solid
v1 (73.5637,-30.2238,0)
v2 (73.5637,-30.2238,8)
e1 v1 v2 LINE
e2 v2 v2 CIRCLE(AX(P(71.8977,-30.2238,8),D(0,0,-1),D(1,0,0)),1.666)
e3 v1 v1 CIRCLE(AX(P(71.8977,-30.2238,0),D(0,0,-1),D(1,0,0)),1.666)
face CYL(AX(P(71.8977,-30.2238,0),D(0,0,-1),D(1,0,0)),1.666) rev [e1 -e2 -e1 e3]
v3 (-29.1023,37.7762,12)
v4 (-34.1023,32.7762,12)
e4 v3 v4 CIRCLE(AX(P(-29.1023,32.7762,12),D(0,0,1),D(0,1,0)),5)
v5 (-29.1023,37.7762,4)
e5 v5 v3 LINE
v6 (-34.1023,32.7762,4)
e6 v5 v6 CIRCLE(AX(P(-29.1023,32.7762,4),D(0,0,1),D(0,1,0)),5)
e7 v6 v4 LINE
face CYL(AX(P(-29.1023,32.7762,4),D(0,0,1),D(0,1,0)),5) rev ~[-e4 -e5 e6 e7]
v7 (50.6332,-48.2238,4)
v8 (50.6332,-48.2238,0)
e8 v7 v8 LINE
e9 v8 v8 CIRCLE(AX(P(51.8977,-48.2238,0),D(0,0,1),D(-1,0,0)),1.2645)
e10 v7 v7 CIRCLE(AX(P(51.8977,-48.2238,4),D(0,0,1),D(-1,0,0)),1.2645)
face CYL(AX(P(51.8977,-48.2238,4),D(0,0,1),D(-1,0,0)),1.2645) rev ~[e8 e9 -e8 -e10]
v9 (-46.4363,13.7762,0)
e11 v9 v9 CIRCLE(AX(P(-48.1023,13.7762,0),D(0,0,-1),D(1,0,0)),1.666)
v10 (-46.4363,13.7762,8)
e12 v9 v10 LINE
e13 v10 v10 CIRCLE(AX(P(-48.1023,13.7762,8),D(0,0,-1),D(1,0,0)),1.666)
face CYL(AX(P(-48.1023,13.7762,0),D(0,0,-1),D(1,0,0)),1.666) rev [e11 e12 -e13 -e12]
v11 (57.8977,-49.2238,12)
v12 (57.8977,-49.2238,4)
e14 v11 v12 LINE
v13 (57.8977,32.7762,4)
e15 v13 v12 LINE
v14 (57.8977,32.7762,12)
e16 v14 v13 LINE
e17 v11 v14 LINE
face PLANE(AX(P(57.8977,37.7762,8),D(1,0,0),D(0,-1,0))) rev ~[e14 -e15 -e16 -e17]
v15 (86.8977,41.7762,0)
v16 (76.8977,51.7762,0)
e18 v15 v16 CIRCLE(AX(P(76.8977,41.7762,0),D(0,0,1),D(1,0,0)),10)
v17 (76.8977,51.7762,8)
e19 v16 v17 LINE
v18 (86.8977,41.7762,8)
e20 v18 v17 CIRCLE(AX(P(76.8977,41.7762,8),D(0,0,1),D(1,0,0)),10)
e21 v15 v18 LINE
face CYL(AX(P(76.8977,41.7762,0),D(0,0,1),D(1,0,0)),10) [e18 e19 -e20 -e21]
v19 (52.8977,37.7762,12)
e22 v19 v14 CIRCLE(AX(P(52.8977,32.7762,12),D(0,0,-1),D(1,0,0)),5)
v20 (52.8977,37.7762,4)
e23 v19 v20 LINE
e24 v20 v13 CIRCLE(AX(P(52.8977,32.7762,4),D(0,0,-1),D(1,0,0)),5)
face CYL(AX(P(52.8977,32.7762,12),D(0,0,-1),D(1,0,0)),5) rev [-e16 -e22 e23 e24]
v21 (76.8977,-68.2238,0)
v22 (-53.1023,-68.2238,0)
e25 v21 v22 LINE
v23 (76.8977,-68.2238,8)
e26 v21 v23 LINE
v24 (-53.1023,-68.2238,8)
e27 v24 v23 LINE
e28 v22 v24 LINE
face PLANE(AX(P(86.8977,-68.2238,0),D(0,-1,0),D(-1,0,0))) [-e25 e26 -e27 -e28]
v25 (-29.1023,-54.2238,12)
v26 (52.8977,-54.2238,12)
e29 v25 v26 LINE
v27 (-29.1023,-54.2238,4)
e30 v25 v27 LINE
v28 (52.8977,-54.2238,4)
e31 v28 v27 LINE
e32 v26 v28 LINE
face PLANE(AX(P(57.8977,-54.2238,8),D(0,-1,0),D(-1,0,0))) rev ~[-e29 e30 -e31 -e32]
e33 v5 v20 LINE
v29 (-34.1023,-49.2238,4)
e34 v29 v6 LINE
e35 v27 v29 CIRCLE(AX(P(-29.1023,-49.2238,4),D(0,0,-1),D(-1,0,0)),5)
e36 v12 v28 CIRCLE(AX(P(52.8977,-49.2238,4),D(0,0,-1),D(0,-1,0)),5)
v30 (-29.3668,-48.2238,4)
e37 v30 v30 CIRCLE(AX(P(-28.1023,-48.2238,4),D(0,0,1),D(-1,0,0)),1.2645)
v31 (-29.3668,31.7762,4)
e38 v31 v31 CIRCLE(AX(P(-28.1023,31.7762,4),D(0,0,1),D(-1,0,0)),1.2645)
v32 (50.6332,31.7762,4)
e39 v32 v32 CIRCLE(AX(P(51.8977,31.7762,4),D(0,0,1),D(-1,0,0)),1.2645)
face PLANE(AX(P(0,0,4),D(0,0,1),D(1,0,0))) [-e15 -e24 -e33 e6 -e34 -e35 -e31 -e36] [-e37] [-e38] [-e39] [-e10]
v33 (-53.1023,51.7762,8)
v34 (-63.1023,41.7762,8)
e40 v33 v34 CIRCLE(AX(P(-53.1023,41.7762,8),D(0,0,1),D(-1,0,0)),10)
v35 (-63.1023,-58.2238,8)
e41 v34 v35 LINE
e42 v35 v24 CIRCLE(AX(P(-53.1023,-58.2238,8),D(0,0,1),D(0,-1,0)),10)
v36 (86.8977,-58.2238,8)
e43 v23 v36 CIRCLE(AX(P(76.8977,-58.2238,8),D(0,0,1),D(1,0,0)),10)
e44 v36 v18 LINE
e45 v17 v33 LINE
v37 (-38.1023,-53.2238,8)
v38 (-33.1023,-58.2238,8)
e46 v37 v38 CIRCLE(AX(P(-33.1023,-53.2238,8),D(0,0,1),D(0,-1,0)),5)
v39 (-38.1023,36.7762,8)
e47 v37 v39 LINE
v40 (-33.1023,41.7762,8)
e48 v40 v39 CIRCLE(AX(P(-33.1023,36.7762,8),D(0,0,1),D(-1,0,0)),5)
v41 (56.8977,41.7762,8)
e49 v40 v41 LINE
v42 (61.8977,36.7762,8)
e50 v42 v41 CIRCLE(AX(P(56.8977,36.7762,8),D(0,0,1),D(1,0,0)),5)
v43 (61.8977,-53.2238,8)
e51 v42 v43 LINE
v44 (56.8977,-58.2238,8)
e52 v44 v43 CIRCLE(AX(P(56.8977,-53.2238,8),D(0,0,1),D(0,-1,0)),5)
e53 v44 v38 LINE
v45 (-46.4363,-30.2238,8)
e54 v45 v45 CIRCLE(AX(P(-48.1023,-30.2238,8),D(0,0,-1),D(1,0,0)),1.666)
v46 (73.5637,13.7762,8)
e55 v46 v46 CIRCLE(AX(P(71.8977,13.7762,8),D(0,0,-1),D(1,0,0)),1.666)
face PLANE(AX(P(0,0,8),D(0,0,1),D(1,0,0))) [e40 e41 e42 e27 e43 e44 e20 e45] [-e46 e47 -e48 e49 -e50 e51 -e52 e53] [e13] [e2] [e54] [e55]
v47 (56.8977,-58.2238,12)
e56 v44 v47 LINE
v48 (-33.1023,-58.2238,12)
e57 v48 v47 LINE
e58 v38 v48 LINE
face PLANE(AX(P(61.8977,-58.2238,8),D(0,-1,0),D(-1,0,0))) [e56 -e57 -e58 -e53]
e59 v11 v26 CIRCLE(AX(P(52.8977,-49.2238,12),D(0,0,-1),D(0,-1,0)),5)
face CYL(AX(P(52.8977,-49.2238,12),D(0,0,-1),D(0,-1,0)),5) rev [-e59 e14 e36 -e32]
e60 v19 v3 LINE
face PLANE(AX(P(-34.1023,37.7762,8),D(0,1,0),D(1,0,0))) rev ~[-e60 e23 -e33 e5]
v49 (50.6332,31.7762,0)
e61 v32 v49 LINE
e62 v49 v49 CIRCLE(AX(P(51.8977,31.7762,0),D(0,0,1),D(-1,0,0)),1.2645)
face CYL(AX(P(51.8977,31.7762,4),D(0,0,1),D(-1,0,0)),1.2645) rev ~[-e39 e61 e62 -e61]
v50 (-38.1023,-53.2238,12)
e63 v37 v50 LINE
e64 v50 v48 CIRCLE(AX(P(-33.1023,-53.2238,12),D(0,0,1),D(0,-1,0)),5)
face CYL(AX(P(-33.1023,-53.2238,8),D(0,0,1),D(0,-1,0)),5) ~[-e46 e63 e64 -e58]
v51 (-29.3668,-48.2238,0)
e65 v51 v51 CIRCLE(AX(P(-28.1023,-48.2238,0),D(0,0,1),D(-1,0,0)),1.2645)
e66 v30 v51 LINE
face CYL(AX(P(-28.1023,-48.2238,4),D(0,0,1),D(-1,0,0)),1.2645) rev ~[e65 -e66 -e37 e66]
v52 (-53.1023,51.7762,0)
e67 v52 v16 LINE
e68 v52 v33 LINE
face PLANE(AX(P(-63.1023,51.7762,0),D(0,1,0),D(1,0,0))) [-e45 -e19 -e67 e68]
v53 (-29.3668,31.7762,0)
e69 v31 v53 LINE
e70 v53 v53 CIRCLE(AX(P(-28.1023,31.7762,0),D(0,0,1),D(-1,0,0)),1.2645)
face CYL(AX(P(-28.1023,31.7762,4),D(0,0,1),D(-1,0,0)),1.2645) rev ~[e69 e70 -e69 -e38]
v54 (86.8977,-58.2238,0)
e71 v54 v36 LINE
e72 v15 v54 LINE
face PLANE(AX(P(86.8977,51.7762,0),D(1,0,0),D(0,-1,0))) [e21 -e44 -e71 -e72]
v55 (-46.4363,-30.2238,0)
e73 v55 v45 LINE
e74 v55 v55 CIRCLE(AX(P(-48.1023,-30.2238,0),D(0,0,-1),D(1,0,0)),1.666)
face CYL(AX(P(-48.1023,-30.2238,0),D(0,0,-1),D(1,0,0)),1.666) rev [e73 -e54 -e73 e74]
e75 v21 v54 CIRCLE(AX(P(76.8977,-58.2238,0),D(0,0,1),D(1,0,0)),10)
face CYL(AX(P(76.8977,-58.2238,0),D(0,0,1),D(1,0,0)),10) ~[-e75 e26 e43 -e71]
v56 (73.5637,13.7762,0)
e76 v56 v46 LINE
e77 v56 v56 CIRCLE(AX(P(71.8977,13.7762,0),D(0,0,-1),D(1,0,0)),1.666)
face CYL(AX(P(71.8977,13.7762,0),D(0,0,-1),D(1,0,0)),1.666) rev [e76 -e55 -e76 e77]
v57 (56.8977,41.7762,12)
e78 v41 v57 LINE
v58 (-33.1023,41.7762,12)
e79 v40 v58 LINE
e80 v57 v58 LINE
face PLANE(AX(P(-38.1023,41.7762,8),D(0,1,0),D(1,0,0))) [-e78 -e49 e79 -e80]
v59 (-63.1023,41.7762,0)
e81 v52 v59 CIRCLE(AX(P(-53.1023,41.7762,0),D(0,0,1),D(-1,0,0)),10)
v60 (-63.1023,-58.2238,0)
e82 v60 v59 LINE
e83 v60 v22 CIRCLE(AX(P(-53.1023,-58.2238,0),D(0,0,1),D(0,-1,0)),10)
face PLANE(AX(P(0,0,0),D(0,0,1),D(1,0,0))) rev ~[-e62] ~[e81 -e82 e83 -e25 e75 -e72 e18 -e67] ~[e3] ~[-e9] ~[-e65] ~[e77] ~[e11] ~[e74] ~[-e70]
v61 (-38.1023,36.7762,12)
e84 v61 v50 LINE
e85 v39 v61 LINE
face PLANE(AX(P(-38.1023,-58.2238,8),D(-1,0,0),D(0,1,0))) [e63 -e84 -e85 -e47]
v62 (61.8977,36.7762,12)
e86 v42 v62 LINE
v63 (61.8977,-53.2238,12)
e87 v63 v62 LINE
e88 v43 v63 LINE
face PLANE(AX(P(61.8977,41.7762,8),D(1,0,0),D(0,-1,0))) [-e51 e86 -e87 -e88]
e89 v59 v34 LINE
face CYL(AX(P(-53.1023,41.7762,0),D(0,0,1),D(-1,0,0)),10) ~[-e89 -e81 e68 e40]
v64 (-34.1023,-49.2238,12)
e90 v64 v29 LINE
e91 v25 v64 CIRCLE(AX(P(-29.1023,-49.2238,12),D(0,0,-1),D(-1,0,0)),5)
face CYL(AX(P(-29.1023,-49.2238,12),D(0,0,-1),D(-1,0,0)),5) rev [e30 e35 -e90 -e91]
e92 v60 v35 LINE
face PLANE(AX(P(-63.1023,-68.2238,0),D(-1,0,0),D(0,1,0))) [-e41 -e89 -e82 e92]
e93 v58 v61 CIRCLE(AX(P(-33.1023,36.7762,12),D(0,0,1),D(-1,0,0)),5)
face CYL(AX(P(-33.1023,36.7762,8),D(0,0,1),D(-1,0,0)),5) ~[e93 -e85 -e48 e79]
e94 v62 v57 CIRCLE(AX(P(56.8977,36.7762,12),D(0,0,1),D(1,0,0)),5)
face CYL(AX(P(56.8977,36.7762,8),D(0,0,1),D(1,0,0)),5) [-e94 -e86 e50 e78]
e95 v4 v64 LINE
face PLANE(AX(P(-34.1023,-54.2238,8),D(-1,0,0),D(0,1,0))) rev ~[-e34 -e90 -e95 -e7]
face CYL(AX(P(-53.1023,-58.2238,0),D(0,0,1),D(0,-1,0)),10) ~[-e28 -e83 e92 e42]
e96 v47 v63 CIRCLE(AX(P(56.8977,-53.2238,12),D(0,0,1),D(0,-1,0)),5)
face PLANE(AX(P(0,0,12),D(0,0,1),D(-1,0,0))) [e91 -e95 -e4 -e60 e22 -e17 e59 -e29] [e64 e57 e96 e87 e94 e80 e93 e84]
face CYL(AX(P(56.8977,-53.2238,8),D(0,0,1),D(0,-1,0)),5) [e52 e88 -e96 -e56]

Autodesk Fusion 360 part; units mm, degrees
sketch "스케치1" plane through (0, 0, 0) normal (0, 0, 1) x (1, 0, 0)
  line L0 (-63.1023, 51.7762) -> (86.8977, 51.7762)
  line L1 (86.8977, 51.7762) -> (86.8977, -68.2238)
  line L2 (86.8977, -68.2238) -> (-63.1023, -68.2238)
  line L3 (-63.1023, -68.2238) -> (-63.1023, 51.7762)
  line L4 (-63.1023, -8.2238) -> (86.8977, -8.2238) construction
  point P0 (-63.1023, -8.2238)
  point P1 (86.8977, -8.2238)
  point P2 (11.8977, -8.2238)
  dimension "d1" = 150
  dimension "d2" = 120
sketch "스케치3" plane through (0, 0, 0) normal (0, 0, 1) x (1, 0, 0)
extrude "돌출2" add sketch "스케치1" along normal blind 8
sketch "스케치4" plane through (0, 0, 8) normal (0, 0, 1) x (-1, 0, 0)
  line L0 (63.1023, 68.2238) -> (-86.8977, 68.2238)
  line L1 (-86.8977, 68.2238) -> (-86.8977, -51.7762)
  line L2 (-86.8977, -51.7762) -> (63.1023, -51.7762)
  line L3 (63.1023, -51.7762) -> (63.1023, 68.2238)
  line L4 (38.1023, -41.7762) -> (-61.8977, -41.7762)
  line L5 (-61.8977, -41.7762) -> (-61.8977, 58.2238)
  line L6 (-61.8977, 58.2238) -> (38.1023, 58.2238)
  line L7 (38.1023, 58.2238) -> (38.1023, -41.7762)
  line L8 (34.1023, -37.7762) -> (-57.8977, -37.7762)
  line L9 (-57.8977, -37.7762) -> (-57.8977, 54.2238)
  line L10 (-57.8977, 54.2238) -> (34.1023, 54.2238)
  line L11 (34.1023, 54.2238) -> (34.1023, -37.7762)
  line L12 (63.1023, -51.7762) -> (-86.8977, -51.7762)
  line L13 (-86.8977, 68.2238) -> (63.1023, 68.2238)
  line L14 (-11.8977, -51.7762) -> (-11.8977, 68.2238) construction
  line L15 (63.1023, 68.2238) -> (63.1023, -51.7762) construction
  line L16 (63.1023, 8.2238) -> (-86.8977, 8.2238) construction
  line L17 (-11.8977, -41.7762) -> (-11.8977, 58.2238) construction
  line L18 (38.1023, 8.2238) -> (-61.8977, 8.2238) construction
  line L19 (34.1023, 8.2238) -> (-57.8977, 8.2238) construction
  point P0 (-11.8977, -51.7762)
  point P1 (-11.8977, 68.2238)
  point P2 (63.1023, 8.2238)
  point P3 (-86.8977, 8.2238)
  point P4 (-11.8977, -41.7762)
  point P5 (-11.8977, 58.2238)
  point P6 (38.1023, 8.2238)
  point P7 (-61.8977, 8.2238)
  point P8 (-11.8977, 8.2238)
  point P9 (34.1023, 8.2238)
  point P10 (-57.8977, 8.2238)
  point P11 (-11.8977, 8.2238)
  point P12 (-11.8977, 8.2238)
  dimension "d9" = 100
  dimension "d10" = 100
  dimension "d11" = 92
  dimension "d12" = 92
extrude "돌출3" add sketch "스케치4" along normal blind 4 contours L4 L5 L6 L7
extrude "돌출4" cut 1 faces at (-3.4356, 7.1096, 8) along direction (0, 0, -1) blind 4
sketch "스케치6" plane through (0, 0, 0) normal (0, 0, 1) x (1, 0, 0)
sketch "스케치7" plane through (0, 0, 0) normal (0, 0, 1) x (1, 0, 0)
  line L0 (71.8977, 13.7762) -> (-48.1023, 13.7762) construction
  line L1 (-48.1023, 13.7762) -> (-48.1023, -30.2238) construction
  line L2 (-48.1023, -30.2238) -> (71.8977, -30.2238) construction
  line L3 (71.8977, -30.2238) -> (71.8977, 13.7762) construction
  line L4 (71.8977, -8.2238) -> (-48.1023, -8.2238) construction
  circle A0 centre (71.8977, 13.7762) radius 2
  circle A1 centre (71.8977, -30.2238) radius 2
  circle A2 centre (-48.1023, 13.7762) radius 2
  circle A3 centre (-48.1023, -30.2238) radius 2
  point P0 (71.8977, -8.2238)
  point P1 (-48.1023, -8.2238)
  point P2 (11.8977, -8.2238)
  point P3 (11.8977, -8.2238)
  dimension "d17" = 120
  dimension "d18" = 44
  dimension "d19" = 4
  dimension "d20" = 4
extrude "돌출5" cut sketch "스케치7" along normal blind 10
sketch "스케치8" plane through (0, 0, 4) normal (0, 0, 1) x (-1, 0, 0)
  line L0 (-57.8977, 54.2238) -> (-57.8977, -37.7762)
  line L1 (-57.8977, -37.7762) -> (34.1023, -37.7762)
  line L2 (34.1023, -37.7762) -> (34.1023, 54.2238)
  line L3 (34.1023, 54.2238) -> (-57.8977, 54.2238)
  line L4 (28.1023, -31.7762) -> (-51.8977, -31.7762) construction
  line L5 (-51.8977, -31.7762) -> (-51.8977, 48.2238) construction
  line L6 (-51.8977, 48.2238) -> (28.1023, 48.2238) construction
  line L7 (28.1023, 48.2238) -> (28.1023, -31.7762) construction
  line L8 (34.1023, 8.2238) -> (-57.8977, 8.2238) construction
  line L9 (28.1023, 8.2238) -> (-51.8977, 8.2238) construction
  circle A0 centre (28.1023, -31.7762) radius 3.5748
  circle A1 centre (-51.8977, -31.7762) radius 3.0869
  circle A2 centre (-51.8977, 48.2238) radius 2.1374
  circle A3 centre (28.1023, 48.2238) radius 4.474
  point P0 (34.1023, 8.2238)
  point P1 (-57.8977, 8.2238)
  point P2 (-11.8977, 8.2238)
  point P3 (28.1023, 8.2238)
  point P4 (-51.8977, 8.2238)
  point P5 (-11.8977, 8.2238)
  dimension "d23" = 80
  dimension "d24" = 80
extrude "돌출6" cut sketch "스케치8" against normal blind 5 contours A0 | A1 | A2 | A3
fillet "모깎기6" radius 10 1 edges at (86.8977, -68.2238, 4)
fillet "모깎기7" radius 10 1 edges at (86.8977, 51.7762, 4)
fillet "모깎기8" radius 5 1 edges at (61.8977, -58.2238, 10)
fillet "모깎기9" radius 5 1 edges at (61.8977, 41.7762, 10)
fillet "모깎기10" radius 5 1 edges at (-38.1023, -58.2238, 10)
fillet "모깎기11" radius 5 1 edges at (-38.1023, 41.7762, 10)
fillet "모깎기12" radius 10 1 edges at (-63.1023, -68.2238, 4)
fillet "모깎기13" radius 10 1 edges at (-63.1023, 51.7762, 4)
fillet "모깎기14" radius 5 1 edges at (57.8977, -54.2238, 8)
fillet "모깎기15" radius 5 1 edges at (57.8977, 37.7762, 8)
fillet "모깎기16" radius 5 1 edges at (-34.1023, 37.7762, 8)
fillet "모깎기17" radius 5 1 edges at (-34.1023, -54.2238, 8)
thread "스레드1" "ISO Metric profile 3.0 M3x0.5 6H" major diameter 3.086 minor diameter 2.529 pitch 0.5 angle 60 resizes the face on face at (-31.6593, 32.1322, 1.3333)
thread "스레드2" "ISO Metric profile 3.0 M3x0.5 6H" major diameter 3.086 minor diameter 2.529 pitch 0.5 angle 60 resizes the face on face at (-32.5541, -47.7783, 1.3333)
thread "스레드3" "ISO Metric profile 3.0 M3x0.5 6H" major diameter 3.086 minor diameter 2.529 pitch 0.5 angle 60 resizes the face on face at (48.8262, 32.0836, 1.3333)
thread "스레드4" "ISO Metric profile 3.0 M3x0.5 6H" major diameter 3.086 minor diameter 2.529 pitch 0.5 angle 60 resizes the face on face at (49.7709, -48.011, 1.3333)
thread "스레드5" "ISO Metric profile 4.0 M4x0.7 6H" major diameter 4.1095 minor diameter 3.332 pitch 0.7 angle 60 resizes the face on face at (73.492, 14.9838, 2.6667)
thread "스레드6" "ISO Metric profile 4.0 M4x0.7 6H" major diameter 4.1095 minor diameter 3.332 pitch 0.7 angle 60 resizes the face on face at (70.5012, -31.6555, 5.3333)
thread "스레드7" "ISO Metric profile 4.0 M4x0.7 6H" major diameter 4.1095 minor diameter 3.332 pitch 0.7 angle 60 resizes the face on face at (-46.1048, 13.8759, 2.6667)
thread "스레드8" "ISO Metric profile 4.0 M4x0.7 6H" major diameter 4.1095 minor diameter 3.332 pitch 0.7 angle 60 resizes the face on face at (-46.1048, -30.1241, 2.6667)
fillet "모깎기1" [suppressed]
fillet "모깎기2" [suppressed]
fillet "모깎기3" [suppressed]
fillet "모깎기4" [suppressed]
fillet "모깎기5" [suppressed]
sketch "스케치5" plane through (0, 0, 8) normal (0, 0, 1) x (-1, 0, 0)
  line L0 (63.1023, 68.2238) -> (-86.8977, 68.2238)
  line L1 (-86.8977, 68.2238) -> (-86.8977, -51.7762)
  line L2 (-86.8977, -51.7762) -> (63.1023, -51.7762)
  line L3 (63.1023, -51.7762) -> (63.1023, 68.2238)
  line L4 (38.1023, 58.2238) -> (38.1023, -41.7762)
  line L5 (38.1023, -41.7762) -> (-61.8977, -41.7762)
  line L6 (-61.8977, -41.7762) -> (-61.8977, 58.2238)
  line L7 (-61.8977, 58.2238) -> (38.1023, 58.2238)
  line L8 (52.6316, -44.9948) -> (-78.4313, -44.9948) construction
  line L9 (-78.4313, -44.9948) -> (-78.4313, 47.678) construction
  line L10 (-78.4313, 47.678) -> (52.6316, 47.678) construction
  line L11 (52.6316, 47.678) -> (52.6316, -44.9948) construction
extrude "돌출1" [suppressed]
sketch "스케치2" plane through (0, 0, 8) normal (0, 0, 1) x (-1, 0, 0)
  line L0 (63.1023, 48.2238) -> (-86.8977, 48.2238)
  line L1 (-86.8977, 48.2238) -> (-86.8977, -51.7762)
  line L2 (-86.8977, -51.7762) -> (63.1023, -51.7762)
  line L3 (63.1023, -51.7762) -> (63.1023, 48.2238)
  line L4 (40.9967, -38.1097) -> (-57.0033, -38.1097)
  line L5 (-57.0033, -38.1097) -> (-57.0033, 32.143)
  line L6 (-57.0033, 32.143) -> (40.9967, 32.143)
  line L7 (40.9967, 32.143) -> (40.9967, -38.1097)
  line L8 (26.9462, -28.1011) -> (-55, -28.1011)
  line L9 (-55, -28.1011) -> (-55, 20)
  line L10 (-55, 20) -> (26.9462, 20)
  line L11 (26.9462, 20) -> (26.9462, -28.1011)
  dimension "d5" = 98
  dimension "d6" = 70.2526
